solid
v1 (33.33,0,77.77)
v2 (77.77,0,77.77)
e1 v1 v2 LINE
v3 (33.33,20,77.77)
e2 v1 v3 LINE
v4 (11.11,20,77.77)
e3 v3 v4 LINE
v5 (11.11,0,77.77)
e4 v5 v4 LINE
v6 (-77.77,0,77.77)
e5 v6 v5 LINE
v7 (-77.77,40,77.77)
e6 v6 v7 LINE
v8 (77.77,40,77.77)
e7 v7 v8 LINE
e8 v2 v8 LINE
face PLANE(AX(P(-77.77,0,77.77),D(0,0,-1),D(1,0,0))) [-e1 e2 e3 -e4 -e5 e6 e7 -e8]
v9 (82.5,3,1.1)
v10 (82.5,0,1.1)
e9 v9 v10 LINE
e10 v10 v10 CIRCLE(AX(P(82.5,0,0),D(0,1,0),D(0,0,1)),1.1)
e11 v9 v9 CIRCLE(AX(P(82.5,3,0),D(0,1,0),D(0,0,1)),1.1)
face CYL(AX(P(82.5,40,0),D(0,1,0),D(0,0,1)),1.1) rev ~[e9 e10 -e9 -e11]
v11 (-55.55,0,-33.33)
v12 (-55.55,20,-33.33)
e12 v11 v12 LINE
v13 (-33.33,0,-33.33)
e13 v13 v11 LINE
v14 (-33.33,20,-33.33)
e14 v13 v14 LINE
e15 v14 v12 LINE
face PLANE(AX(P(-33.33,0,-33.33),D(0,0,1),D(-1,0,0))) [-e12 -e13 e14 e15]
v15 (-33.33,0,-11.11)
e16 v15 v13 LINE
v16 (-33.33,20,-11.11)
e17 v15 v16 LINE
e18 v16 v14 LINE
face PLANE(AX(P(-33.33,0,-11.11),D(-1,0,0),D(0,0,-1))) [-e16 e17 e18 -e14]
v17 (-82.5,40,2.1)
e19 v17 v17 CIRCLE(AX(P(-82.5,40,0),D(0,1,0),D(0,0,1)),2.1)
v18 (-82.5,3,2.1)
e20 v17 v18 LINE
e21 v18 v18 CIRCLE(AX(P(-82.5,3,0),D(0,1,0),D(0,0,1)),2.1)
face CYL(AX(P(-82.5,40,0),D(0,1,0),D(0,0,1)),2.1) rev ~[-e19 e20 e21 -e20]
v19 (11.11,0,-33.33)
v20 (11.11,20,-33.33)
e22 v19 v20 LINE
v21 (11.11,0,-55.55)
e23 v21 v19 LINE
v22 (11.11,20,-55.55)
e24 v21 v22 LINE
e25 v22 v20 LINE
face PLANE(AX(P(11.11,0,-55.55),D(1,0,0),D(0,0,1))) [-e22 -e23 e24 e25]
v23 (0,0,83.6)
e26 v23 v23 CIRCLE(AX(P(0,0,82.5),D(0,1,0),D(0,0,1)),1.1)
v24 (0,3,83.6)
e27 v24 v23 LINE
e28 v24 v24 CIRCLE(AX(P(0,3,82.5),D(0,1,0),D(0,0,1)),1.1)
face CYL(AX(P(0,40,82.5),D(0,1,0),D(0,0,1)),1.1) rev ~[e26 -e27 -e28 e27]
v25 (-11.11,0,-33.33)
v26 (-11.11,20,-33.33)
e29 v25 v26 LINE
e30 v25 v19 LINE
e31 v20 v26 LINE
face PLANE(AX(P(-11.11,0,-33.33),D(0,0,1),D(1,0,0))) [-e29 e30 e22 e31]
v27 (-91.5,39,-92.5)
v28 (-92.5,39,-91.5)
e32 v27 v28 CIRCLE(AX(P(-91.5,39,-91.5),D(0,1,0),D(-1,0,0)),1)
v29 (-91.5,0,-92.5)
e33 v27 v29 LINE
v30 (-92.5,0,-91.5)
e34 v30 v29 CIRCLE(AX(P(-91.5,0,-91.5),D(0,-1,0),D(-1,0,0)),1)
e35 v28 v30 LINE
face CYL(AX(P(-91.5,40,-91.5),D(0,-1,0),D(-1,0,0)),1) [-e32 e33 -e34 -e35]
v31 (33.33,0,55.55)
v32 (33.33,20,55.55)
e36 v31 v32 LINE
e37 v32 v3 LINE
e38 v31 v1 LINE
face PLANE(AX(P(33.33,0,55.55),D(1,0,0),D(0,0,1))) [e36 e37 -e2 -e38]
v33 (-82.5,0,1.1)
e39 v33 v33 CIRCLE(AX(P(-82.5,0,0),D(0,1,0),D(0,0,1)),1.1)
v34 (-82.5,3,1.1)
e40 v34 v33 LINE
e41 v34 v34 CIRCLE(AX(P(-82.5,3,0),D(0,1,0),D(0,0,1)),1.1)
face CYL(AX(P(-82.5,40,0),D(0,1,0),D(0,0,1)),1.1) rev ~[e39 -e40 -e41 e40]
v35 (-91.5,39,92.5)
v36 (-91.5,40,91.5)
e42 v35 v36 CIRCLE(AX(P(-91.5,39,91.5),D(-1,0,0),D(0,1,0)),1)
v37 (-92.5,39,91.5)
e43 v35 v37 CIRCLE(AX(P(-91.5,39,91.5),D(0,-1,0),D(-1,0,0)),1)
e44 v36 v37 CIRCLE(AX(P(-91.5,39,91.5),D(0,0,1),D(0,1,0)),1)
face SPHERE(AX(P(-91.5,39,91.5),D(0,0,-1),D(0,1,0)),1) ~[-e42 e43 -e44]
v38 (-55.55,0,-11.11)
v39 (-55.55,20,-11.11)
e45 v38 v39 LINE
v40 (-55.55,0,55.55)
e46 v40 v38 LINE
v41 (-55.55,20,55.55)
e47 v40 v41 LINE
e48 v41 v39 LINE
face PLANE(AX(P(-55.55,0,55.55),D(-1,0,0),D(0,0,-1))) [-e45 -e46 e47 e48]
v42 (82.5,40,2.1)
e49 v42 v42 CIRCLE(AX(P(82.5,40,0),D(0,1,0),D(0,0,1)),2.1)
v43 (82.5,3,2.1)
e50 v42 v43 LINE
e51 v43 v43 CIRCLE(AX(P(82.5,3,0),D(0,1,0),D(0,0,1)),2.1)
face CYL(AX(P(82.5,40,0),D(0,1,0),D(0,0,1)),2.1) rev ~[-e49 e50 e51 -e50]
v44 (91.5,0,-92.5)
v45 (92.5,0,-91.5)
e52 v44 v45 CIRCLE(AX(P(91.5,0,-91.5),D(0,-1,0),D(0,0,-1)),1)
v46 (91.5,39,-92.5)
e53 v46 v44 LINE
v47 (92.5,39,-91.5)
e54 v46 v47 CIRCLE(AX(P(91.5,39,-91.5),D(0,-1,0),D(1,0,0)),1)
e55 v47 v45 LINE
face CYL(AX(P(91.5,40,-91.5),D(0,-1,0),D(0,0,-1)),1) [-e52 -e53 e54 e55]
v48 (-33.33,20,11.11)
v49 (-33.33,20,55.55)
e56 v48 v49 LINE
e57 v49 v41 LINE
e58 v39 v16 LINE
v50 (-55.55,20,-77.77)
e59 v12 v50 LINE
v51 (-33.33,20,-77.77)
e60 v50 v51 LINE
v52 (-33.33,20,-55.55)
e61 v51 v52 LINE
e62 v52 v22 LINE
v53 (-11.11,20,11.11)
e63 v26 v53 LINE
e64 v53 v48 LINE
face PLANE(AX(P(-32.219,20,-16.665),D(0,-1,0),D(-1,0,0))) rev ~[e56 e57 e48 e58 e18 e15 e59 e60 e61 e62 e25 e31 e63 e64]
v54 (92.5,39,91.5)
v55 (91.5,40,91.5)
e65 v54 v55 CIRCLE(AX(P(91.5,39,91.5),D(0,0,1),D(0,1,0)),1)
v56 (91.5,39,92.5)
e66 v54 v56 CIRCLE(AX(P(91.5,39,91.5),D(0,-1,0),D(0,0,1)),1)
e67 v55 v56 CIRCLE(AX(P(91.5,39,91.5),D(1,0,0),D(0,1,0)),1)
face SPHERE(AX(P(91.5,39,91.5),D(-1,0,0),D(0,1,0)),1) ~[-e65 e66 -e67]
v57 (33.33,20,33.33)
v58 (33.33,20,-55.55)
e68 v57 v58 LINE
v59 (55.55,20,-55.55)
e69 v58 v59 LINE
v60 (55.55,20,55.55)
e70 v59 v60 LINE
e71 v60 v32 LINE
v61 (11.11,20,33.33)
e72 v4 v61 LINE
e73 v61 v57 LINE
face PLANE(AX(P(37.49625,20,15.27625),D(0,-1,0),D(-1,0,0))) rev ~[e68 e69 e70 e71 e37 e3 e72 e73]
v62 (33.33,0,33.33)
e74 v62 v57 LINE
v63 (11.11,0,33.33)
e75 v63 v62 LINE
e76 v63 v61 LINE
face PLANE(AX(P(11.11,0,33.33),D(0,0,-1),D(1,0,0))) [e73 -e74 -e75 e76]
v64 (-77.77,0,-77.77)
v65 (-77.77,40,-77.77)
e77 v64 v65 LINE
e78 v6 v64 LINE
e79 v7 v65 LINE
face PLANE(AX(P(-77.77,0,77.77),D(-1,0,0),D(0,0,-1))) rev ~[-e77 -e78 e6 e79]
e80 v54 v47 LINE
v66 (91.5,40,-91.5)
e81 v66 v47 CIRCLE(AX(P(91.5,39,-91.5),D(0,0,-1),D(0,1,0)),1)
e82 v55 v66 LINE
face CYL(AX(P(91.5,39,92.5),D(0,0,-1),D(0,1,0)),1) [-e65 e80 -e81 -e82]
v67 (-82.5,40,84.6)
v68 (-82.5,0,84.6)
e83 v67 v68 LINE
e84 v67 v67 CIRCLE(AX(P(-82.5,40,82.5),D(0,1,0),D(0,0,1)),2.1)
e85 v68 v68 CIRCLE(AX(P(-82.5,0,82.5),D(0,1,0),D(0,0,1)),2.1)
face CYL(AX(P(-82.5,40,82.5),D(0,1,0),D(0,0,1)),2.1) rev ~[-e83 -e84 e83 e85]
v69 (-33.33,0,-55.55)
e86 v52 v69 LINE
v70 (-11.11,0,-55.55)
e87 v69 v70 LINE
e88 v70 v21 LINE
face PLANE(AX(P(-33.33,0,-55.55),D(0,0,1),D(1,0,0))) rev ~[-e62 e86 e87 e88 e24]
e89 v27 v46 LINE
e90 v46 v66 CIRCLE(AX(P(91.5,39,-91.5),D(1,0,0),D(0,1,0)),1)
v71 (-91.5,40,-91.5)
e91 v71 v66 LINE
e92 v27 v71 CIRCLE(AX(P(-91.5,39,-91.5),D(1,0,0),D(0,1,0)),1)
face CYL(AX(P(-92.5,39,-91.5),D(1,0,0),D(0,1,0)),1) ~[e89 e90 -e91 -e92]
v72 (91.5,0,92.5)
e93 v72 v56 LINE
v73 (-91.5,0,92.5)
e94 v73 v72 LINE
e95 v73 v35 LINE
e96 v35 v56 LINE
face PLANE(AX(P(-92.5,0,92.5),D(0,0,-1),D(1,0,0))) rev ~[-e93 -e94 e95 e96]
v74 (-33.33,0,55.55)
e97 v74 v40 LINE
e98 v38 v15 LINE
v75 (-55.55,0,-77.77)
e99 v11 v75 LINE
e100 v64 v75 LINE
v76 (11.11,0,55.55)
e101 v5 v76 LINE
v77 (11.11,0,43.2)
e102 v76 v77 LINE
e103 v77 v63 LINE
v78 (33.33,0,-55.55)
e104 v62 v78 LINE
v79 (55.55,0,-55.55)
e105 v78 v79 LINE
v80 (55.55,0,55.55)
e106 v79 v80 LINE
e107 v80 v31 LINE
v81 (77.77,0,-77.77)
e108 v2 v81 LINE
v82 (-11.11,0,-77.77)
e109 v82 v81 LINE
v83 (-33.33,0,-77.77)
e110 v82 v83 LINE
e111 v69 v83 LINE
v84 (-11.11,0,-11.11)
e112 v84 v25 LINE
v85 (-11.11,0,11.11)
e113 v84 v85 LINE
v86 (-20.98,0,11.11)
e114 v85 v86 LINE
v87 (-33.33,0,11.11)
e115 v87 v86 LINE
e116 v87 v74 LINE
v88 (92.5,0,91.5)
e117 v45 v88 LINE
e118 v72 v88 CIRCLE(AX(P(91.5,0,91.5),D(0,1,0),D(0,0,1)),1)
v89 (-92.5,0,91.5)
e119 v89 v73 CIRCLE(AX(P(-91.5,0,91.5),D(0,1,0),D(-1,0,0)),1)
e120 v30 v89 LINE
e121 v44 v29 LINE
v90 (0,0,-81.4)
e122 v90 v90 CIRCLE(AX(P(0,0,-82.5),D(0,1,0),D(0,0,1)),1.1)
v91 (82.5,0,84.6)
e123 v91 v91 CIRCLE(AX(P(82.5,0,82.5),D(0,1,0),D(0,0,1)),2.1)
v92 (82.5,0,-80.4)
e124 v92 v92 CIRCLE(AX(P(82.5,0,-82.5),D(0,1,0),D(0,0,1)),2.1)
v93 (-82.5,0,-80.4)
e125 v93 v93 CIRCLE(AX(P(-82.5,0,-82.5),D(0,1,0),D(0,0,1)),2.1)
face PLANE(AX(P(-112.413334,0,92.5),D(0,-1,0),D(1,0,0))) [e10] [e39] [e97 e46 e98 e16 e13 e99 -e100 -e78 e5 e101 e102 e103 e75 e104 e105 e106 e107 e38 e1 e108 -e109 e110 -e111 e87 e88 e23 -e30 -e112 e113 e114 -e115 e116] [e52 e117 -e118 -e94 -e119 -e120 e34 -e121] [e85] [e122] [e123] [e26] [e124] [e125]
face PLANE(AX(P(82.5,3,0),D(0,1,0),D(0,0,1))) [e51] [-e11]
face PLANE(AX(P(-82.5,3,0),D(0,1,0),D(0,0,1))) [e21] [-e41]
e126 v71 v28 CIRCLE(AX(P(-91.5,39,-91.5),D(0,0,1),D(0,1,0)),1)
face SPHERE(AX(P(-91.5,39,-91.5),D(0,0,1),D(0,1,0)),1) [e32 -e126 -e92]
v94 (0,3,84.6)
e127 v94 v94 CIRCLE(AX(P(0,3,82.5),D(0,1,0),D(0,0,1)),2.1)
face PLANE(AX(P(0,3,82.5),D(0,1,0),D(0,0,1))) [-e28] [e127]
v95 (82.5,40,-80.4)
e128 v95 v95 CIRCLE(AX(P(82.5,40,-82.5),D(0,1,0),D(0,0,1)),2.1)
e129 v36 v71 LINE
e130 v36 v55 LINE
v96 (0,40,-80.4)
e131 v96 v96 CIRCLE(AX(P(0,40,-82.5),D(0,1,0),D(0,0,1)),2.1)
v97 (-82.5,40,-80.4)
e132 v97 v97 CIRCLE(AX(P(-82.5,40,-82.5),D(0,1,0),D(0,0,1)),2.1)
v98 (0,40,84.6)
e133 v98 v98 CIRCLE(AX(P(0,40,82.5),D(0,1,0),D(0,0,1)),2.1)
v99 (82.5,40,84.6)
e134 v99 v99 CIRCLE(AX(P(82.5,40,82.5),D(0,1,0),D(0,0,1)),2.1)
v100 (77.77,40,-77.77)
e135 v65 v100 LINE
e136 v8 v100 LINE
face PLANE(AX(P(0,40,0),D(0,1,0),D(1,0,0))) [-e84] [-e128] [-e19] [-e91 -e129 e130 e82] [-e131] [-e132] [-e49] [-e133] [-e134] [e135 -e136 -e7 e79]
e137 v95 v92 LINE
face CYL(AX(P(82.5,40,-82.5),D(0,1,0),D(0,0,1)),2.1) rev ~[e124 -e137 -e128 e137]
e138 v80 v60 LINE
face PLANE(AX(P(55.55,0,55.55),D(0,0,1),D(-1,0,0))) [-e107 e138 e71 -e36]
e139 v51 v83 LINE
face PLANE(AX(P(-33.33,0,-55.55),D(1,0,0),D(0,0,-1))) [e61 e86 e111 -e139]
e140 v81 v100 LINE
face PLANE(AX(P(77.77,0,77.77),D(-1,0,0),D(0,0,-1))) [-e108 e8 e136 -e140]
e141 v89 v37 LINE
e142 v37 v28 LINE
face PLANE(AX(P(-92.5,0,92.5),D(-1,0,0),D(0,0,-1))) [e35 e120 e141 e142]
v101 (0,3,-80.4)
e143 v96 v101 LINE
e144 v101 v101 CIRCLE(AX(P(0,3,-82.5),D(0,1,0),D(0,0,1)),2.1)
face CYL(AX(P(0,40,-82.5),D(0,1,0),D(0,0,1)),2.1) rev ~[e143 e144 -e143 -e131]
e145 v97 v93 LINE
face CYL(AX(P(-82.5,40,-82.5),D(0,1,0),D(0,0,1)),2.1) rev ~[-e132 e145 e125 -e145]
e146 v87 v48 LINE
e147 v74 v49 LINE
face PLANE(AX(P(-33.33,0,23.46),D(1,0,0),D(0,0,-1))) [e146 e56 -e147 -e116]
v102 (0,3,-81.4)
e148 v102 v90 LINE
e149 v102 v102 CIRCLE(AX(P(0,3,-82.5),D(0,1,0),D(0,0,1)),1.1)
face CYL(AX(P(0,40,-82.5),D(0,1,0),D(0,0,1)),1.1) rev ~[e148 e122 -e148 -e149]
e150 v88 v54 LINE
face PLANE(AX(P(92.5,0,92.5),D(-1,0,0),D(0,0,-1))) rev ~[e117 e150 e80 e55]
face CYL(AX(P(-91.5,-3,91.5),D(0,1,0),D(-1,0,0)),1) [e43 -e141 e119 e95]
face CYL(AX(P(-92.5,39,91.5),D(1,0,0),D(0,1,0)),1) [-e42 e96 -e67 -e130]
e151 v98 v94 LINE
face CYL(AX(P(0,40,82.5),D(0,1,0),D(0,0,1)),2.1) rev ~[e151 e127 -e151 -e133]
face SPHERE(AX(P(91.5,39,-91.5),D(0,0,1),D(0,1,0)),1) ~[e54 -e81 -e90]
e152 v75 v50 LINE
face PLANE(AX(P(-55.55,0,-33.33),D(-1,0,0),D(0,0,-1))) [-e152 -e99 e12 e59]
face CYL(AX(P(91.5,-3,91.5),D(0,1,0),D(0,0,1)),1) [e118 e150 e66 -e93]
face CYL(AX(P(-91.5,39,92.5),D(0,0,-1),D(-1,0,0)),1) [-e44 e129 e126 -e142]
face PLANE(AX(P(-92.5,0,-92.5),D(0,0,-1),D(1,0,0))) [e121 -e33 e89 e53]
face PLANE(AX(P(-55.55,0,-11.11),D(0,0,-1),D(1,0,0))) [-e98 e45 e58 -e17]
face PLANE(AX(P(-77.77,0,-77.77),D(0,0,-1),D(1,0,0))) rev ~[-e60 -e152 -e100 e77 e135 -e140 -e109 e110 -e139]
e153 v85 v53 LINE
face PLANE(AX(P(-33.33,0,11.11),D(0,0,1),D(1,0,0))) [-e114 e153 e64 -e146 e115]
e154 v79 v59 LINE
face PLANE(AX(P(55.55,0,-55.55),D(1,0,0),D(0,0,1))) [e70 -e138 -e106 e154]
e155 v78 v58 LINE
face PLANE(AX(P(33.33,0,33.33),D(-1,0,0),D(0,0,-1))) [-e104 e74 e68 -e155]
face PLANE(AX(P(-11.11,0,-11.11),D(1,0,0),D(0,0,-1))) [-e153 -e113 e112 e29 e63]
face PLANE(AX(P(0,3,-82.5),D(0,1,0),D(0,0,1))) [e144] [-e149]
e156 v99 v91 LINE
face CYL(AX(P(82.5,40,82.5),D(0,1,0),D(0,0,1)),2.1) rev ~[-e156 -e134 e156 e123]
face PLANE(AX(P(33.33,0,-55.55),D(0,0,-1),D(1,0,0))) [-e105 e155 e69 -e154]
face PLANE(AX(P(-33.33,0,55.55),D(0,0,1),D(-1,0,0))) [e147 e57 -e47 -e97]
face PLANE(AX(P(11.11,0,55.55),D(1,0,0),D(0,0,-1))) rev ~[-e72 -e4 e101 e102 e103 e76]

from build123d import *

# Parameters (mm, degrees)
ESQUISSE2_W             = 185
ESQUISSE2_H             = 185
BOSS_EXTRU_1_DEPTH      = 3
ESQUISSE3_W             = 185
ESQUISSE3_H             = 185
ESQUISSE3_W_2           = 155.54
ESQUISSE3_H_2           = 155.54
BOSS_EXTRU_2_DEPTH      = 40
BOSS_EXTRU_3_DEPTH      = 20
ENL_V_MAT_EXTRU_1_REACH = 5
ESQUISSE5_W             = 22.22
ESQUISSE5_H             = 22.22
ESQUISSE5_W_2           = 12.35
ESQUISSE5_H_2           = 12.35
CONG_1_R                = 1
ESQUISSE6_R             = 1.1
ENL_V_MAT_EXTRU_2_DEPTH = 44
ESQUISSE7_R             = 2.1
ENL_V_MAT_EXTRU_3_DEPTH = 44
ESQUISSE8_W             = 226.485362767
ESQUISSE8_H             = 20.409473883
ENL_V_MAT_EXTRU_4_DEPTH = 186
ESQUISSE9_R             = 2.1
ENL_V_MAT_EXTRU_5_DEPTH = 37


with BuildPart() as part:
    # Esquisse2 → Boss.-Extru.1 (new body)
    with BuildSketch(Plane(origin=(0, 0, 0), x_dir=(1, 0, 0), z_dir=(0, 1, 0))):
        Rectangle(ESQUISSE2_W, ESQUISSE2_H)
    extrude(amount=-BOSS_EXTRU_1_DEPTH)

    # Esquisse3 → Boss.-Extru.2 (add)
    with BuildSketch(Plane(origin=(0, 0, 0), x_dir=(1, 0, 0), z_dir=(0, 1, 0))):
        Rectangle(ESQUISSE3_W, ESQUISSE3_H)
        Rectangle(ESQUISSE3_W_2, ESQUISSE3_H_2, mode=Mode.SUBTRACT)
    extrude(amount=BOSS_EXTRU_2_DEPTH)

    # Esquisse4 → Boss.-Extru.3 (add)
    with BuildSketch(Plane(origin=(0, 0, 0), x_dir=(1, 0, 0), z_dir=(0, 1, 0))):
        Polygon((-55.55, 77.77), (-33.33, 77.77), (-33.33, 55.55), (11.11, 55.55), (11.11, 33.33), (-11.11, 33.33), (-11.11, -11.11), (-33.33, -11.11), (-33.33, -55.55), (-55.55, -55.55), (-55.55, 11.11), (-33.33, 11.11), (-33.33, 33.33), (-55.55, 33.33), align=None)
        Polygon((33.33, 55.55), (55.55, 55.55), (55.55, -55.55), (33.33, -55.55), (33.33, -77.77), (11.11, -77.77), (11.11, -33.33), (33.33, -33.33), align=None)
    extrude(amount=BOSS_EXTRU_3_DEPTH)

    # Esquisse5 → Enlèv. mat.-Extru.1 (cut, up to next)
    with BuildSketch(Plane(origin=(0, 0, 0), x_dir=(1, 0, 0), z_dir=(0, 1, 0)), mode=Mode.PRIVATE) as enl_v_mat_extru_1_sk1:
        with Locations((-22.22, 66.66)):
            Rectangle(ESQUISSE5_W, ESQUISSE5_H)
    enl_v_mat_extru_1_tool1 = extrude(enl_v_mat_extru_1_sk1.sketch, amount=-ENL_V_MAT_EXTRU_1_REACH, mode=Mode.PRIVATE) & part.part
    add(enl_v_mat_extru_1_tool1.solids().sort_by_distance((-22.22, 0, -66.66))[0], mode=Mode.SUBTRACT)
    # Esquisse5 → Enlèv. mat.-Extru.1 (cut, up to next)
    with BuildSketch(Plane(origin=(0, 0, 0), x_dir=(1, 0, 0), z_dir=(0, 1, 0)), mode=Mode.PRIVATE) as enl_v_mat_extru_1_sk2:
        with Locations((0, 22.22)):
            Rectangle(ESQUISSE5_W, ESQUISSE5_H)
    enl_v_mat_extru_1_tool2 = extrude(enl_v_mat_extru_1_sk2.sketch, amount=-ENL_V_MAT_EXTRU_1_REACH, mode=Mode.PRIVATE) & part.part
    add(enl_v_mat_extru_1_tool2.solids().sort_by_distance((0, 0, -22.22))[0], mode=Mode.SUBTRACT)
    # Esquisse5 → Enlèv. mat.-Extru.1 (cut, up to next)
    with BuildSketch(Plane(origin=(0, 0, 0), x_dir=(1, 0, 0), z_dir=(0, 1, 0)), mode=Mode.PRIVATE) as enl_v_mat_extru_1_sk3:
        with Locations((-27.155, -17.285)):
            Rectangle(ESQUISSE5_W_2, ESQUISSE5_H_2)
    enl_v_mat_extru_1_tool3 = extrude(enl_v_mat_extru_1_sk3.sketch, amount=-ENL_V_MAT_EXTRU_1_REACH, mode=Mode.PRIVATE) & part.part
    add(enl_v_mat_extru_1_tool3.solids().sort_by_distance((-27.155, 0, 17.285))[0], mode=Mode.SUBTRACT)
    # Esquisse5 → Enlèv. mat.-Extru.1 (cut, up to next)
    with BuildSketch(Plane(origin=(0, 0, 0), x_dir=(1, 0, 0), z_dir=(0, 1, 0)), mode=Mode.PRIVATE) as enl_v_mat_extru_1_sk4:
        with Locations((-66.66, 22.22)):
            Rectangle(ESQUISSE5_W_2, ESQUISSE5_H_2)
    enl_v_mat_extru_1_tool4 = extrude(enl_v_mat_extru_1_sk4.sketch, amount=-ENL_V_MAT_EXTRU_1_REACH, mode=Mode.PRIVATE) & part.part
    add(enl_v_mat_extru_1_tool4.solids().sort_by_distance((-66.66, 0, -22.22))[0], mode=Mode.SUBTRACT)
    # Esquisse5 → Enlèv. mat.-Extru.1 (cut, up to next)
    with BuildSketch(Plane(origin=(0, 0, 0), x_dir=(1, 0, 0), z_dir=(0, 1, 0)), mode=Mode.PRIVATE) as enl_v_mat_extru_1_sk5:
        with Locations((-66.66, -66.66)):
            Rectangle(ESQUISSE5_W_2, ESQUISSE5_H_2)
    enl_v_mat_extru_1_tool5 = extrude(enl_v_mat_extru_1_sk5.sketch, amount=-ENL_V_MAT_EXTRU_1_REACH, mode=Mode.PRIVATE) & part.part
    add(enl_v_mat_extru_1_tool5.solids().sort_by_distance((-66.66, 0, 66.66))[0], mode=Mode.SUBTRACT)
    # Esquisse5 → Enlèv. mat.-Extru.1 (cut, up to next)
    with BuildSketch(Plane(origin=(0, 0, 0), x_dir=(1, 0, 0), z_dir=(0, 1, 0)), mode=Mode.PRIVATE) as enl_v_mat_extru_1_sk6:
        with Locations((66.66, -66.66)):
            Rectangle(ESQUISSE5_W_2, ESQUISSE5_H_2)
    enl_v_mat_extru_1_tool6 = extrude(enl_v_mat_extru_1_sk6.sketch, amount=-ENL_V_MAT_EXTRU_1_REACH, mode=Mode.PRIVATE) & part.part
    add(enl_v_mat_extru_1_tool6.solids().sort_by_distance((66.66, 0, 66.66))[0], mode=Mode.SUBTRACT)
    # Esquisse5 → Enlèv. mat.-Extru.1 (cut, up to next)
    with BuildSketch(Plane(origin=(0, 0, 0), x_dir=(1, 0, 0), z_dir=(0, 1, 0)), mode=Mode.PRIVATE) as enl_v_mat_extru_1_sk7:
        with Locations((4.935, -49.375)):
            Rectangle(ESQUISSE5_W_2, ESQUISSE5_H_2)
    enl_v_mat_extru_1_tool7 = extrude(enl_v_mat_extru_1_sk7.sketch, amount=-ENL_V_MAT_EXTRU_1_REACH, mode=Mode.PRIVATE) & part.part
    add(enl_v_mat_extru_1_tool7.solids().sort_by_distance((4.935, 0, 49.375))[0], mode=Mode.SUBTRACT)

    # Congé1
    cong_1_edges = [part.edges().sort_by_distance(p)[0] for p in [
        (-92.5, 40, 0),
        (0, 40, 92.5),
        (92.5, 40, 0),
        (0, 40, -92.5),
        (-92.5, 18.5, -92.5),
        (92.5, 18.5, -92.5),
        (92.5, 18.5, 92.5),
        (-92.5, 18.5, 92.5),
    ]]
    fillet(cong_1_edges, radius=CONG_1_R)

    # Esquisse6 → Enlèv. mat.-Extru.2 (cut, through all)
    with BuildSketch(Plane(origin=(0, 40, 0), x_dir=(1, 0, 0), z_dir=(0, 1, 0))):
        with Locations(Location((-82.5, -82.5, 0), (0, 0, 270))):  # turned: the seam where the file's is
            Circle(ESQUISSE6_R)
        with Locations(Location((82.5, -82.5, 0), (0, 0, 270))):  # turned: the seam where the file's is
            Circle(ESQUISSE6_R)
        with Locations(Location((82.5, 82.5, 0), (0, 0, 270))):  # turned: the seam where the file's is
            Circle(ESQUISSE6_R)
        with Locations(Location((-82.5, 82.5, 0), (0, 0, 270))):  # turned: the seam where the file's is
            Circle(ESQUISSE6_R)
        with Locations(Location((0, 82.5, 0), (0, 0, 270))):  # turned: the seam where the file's is
            Circle(ESQUISSE6_R)
        with Locations(Location((82.5, 0, 0), (0, 0, 270))):  # turned: the seam where the file's is
            Circle(ESQUISSE6_R)
        with Locations(Location((-82.5, 0, 0), (0, 0, 270))):  # turned: the seam where the file's is
            Circle(ESQUISSE6_R)
        with Locations(Location((0, -82.5, 0), (0, 0, 270))):  # turned: the seam where the file's is
            Circle(ESQUISSE6_R)
    extrude(amount=-ENL_V_MAT_EXTRU_2_DEPTH, mode=Mode.SUBTRACT)

    # Esquisse7 → Enlèv. mat.-Extru.3 (cut, through all)
    with BuildSketch(Plane(origin=(0, 40, 0), x_dir=(1, 0, 0), z_dir=(0, 1, 0))):
        with Locations(Location((-82.5, -82.5, 0), (0, 0, 270))):  # turned: the seam where the file's is
            Circle(ESQUISSE7_R)
        with Locations(Location((-82.5, 82.5, 0), (0, 0, 270))):  # turned: the seam where the file's is
            Circle(ESQUISSE7_R)
        with Locations(Location((82.5, 82.5, 0), (0, 0, 270))):  # turned: the seam where the file's is
            Circle(ESQUISSE7_R)
        with Locations(Location((82.5, -82.5, 0), (0, 0, 270))):  # turned: the seam where the file's is
            Circle(ESQUISSE7_R)
    extrude(amount=-ENL_V_MAT_EXTRU_3_DEPTH, mode=Mode.SUBTRACT)

    # Esquisse8 → Enlèv. mat.-Extru.4 (cut, through all)
    with BuildSketch(Plane.XY.offset(92.5)):
        with Locations((0.829347629, -10.204736942)):
            Rectangle(ESQUISSE8_W, ESQUISSE8_H)
    extrude(amount=-ENL_V_MAT_EXTRU_4_DEPTH, mode=Mode.SUBTRACT)

    # Esquisse9 → Enlèv. mat.-Extru.5 (cut)
    with BuildSketch(Plane(origin=(0, 40, 0), x_dir=(1, 0, 0), z_dir=(0, 1, 0))):
        with Locations(Location((0, 82.5, 0), (0, 0, 270))):  # turned: the seam where the file's is
            Circle(ESQUISSE9_R)
        with Locations(Location((82.5, 0, 0), (0, 0, 270))):  # turned: the seam where the file's is
            Circle(ESQUISSE9_R)
        with Locations(Location((0, -82.5, 0), (0, 0, 270))):  # turned: the seam where the file's is
            Circle(ESQUISSE9_R)
        with Locations(Location((-82.5, 0, 0), (0, 0, 270))):  # turned: the seam where the file's is
            Circle(ESQUISSE9_R)
    extrude(amount=-ENL_V_MAT_EXTRU_5_DEPTH, mode=Mode.SUBTRACT)


solid = part.part
